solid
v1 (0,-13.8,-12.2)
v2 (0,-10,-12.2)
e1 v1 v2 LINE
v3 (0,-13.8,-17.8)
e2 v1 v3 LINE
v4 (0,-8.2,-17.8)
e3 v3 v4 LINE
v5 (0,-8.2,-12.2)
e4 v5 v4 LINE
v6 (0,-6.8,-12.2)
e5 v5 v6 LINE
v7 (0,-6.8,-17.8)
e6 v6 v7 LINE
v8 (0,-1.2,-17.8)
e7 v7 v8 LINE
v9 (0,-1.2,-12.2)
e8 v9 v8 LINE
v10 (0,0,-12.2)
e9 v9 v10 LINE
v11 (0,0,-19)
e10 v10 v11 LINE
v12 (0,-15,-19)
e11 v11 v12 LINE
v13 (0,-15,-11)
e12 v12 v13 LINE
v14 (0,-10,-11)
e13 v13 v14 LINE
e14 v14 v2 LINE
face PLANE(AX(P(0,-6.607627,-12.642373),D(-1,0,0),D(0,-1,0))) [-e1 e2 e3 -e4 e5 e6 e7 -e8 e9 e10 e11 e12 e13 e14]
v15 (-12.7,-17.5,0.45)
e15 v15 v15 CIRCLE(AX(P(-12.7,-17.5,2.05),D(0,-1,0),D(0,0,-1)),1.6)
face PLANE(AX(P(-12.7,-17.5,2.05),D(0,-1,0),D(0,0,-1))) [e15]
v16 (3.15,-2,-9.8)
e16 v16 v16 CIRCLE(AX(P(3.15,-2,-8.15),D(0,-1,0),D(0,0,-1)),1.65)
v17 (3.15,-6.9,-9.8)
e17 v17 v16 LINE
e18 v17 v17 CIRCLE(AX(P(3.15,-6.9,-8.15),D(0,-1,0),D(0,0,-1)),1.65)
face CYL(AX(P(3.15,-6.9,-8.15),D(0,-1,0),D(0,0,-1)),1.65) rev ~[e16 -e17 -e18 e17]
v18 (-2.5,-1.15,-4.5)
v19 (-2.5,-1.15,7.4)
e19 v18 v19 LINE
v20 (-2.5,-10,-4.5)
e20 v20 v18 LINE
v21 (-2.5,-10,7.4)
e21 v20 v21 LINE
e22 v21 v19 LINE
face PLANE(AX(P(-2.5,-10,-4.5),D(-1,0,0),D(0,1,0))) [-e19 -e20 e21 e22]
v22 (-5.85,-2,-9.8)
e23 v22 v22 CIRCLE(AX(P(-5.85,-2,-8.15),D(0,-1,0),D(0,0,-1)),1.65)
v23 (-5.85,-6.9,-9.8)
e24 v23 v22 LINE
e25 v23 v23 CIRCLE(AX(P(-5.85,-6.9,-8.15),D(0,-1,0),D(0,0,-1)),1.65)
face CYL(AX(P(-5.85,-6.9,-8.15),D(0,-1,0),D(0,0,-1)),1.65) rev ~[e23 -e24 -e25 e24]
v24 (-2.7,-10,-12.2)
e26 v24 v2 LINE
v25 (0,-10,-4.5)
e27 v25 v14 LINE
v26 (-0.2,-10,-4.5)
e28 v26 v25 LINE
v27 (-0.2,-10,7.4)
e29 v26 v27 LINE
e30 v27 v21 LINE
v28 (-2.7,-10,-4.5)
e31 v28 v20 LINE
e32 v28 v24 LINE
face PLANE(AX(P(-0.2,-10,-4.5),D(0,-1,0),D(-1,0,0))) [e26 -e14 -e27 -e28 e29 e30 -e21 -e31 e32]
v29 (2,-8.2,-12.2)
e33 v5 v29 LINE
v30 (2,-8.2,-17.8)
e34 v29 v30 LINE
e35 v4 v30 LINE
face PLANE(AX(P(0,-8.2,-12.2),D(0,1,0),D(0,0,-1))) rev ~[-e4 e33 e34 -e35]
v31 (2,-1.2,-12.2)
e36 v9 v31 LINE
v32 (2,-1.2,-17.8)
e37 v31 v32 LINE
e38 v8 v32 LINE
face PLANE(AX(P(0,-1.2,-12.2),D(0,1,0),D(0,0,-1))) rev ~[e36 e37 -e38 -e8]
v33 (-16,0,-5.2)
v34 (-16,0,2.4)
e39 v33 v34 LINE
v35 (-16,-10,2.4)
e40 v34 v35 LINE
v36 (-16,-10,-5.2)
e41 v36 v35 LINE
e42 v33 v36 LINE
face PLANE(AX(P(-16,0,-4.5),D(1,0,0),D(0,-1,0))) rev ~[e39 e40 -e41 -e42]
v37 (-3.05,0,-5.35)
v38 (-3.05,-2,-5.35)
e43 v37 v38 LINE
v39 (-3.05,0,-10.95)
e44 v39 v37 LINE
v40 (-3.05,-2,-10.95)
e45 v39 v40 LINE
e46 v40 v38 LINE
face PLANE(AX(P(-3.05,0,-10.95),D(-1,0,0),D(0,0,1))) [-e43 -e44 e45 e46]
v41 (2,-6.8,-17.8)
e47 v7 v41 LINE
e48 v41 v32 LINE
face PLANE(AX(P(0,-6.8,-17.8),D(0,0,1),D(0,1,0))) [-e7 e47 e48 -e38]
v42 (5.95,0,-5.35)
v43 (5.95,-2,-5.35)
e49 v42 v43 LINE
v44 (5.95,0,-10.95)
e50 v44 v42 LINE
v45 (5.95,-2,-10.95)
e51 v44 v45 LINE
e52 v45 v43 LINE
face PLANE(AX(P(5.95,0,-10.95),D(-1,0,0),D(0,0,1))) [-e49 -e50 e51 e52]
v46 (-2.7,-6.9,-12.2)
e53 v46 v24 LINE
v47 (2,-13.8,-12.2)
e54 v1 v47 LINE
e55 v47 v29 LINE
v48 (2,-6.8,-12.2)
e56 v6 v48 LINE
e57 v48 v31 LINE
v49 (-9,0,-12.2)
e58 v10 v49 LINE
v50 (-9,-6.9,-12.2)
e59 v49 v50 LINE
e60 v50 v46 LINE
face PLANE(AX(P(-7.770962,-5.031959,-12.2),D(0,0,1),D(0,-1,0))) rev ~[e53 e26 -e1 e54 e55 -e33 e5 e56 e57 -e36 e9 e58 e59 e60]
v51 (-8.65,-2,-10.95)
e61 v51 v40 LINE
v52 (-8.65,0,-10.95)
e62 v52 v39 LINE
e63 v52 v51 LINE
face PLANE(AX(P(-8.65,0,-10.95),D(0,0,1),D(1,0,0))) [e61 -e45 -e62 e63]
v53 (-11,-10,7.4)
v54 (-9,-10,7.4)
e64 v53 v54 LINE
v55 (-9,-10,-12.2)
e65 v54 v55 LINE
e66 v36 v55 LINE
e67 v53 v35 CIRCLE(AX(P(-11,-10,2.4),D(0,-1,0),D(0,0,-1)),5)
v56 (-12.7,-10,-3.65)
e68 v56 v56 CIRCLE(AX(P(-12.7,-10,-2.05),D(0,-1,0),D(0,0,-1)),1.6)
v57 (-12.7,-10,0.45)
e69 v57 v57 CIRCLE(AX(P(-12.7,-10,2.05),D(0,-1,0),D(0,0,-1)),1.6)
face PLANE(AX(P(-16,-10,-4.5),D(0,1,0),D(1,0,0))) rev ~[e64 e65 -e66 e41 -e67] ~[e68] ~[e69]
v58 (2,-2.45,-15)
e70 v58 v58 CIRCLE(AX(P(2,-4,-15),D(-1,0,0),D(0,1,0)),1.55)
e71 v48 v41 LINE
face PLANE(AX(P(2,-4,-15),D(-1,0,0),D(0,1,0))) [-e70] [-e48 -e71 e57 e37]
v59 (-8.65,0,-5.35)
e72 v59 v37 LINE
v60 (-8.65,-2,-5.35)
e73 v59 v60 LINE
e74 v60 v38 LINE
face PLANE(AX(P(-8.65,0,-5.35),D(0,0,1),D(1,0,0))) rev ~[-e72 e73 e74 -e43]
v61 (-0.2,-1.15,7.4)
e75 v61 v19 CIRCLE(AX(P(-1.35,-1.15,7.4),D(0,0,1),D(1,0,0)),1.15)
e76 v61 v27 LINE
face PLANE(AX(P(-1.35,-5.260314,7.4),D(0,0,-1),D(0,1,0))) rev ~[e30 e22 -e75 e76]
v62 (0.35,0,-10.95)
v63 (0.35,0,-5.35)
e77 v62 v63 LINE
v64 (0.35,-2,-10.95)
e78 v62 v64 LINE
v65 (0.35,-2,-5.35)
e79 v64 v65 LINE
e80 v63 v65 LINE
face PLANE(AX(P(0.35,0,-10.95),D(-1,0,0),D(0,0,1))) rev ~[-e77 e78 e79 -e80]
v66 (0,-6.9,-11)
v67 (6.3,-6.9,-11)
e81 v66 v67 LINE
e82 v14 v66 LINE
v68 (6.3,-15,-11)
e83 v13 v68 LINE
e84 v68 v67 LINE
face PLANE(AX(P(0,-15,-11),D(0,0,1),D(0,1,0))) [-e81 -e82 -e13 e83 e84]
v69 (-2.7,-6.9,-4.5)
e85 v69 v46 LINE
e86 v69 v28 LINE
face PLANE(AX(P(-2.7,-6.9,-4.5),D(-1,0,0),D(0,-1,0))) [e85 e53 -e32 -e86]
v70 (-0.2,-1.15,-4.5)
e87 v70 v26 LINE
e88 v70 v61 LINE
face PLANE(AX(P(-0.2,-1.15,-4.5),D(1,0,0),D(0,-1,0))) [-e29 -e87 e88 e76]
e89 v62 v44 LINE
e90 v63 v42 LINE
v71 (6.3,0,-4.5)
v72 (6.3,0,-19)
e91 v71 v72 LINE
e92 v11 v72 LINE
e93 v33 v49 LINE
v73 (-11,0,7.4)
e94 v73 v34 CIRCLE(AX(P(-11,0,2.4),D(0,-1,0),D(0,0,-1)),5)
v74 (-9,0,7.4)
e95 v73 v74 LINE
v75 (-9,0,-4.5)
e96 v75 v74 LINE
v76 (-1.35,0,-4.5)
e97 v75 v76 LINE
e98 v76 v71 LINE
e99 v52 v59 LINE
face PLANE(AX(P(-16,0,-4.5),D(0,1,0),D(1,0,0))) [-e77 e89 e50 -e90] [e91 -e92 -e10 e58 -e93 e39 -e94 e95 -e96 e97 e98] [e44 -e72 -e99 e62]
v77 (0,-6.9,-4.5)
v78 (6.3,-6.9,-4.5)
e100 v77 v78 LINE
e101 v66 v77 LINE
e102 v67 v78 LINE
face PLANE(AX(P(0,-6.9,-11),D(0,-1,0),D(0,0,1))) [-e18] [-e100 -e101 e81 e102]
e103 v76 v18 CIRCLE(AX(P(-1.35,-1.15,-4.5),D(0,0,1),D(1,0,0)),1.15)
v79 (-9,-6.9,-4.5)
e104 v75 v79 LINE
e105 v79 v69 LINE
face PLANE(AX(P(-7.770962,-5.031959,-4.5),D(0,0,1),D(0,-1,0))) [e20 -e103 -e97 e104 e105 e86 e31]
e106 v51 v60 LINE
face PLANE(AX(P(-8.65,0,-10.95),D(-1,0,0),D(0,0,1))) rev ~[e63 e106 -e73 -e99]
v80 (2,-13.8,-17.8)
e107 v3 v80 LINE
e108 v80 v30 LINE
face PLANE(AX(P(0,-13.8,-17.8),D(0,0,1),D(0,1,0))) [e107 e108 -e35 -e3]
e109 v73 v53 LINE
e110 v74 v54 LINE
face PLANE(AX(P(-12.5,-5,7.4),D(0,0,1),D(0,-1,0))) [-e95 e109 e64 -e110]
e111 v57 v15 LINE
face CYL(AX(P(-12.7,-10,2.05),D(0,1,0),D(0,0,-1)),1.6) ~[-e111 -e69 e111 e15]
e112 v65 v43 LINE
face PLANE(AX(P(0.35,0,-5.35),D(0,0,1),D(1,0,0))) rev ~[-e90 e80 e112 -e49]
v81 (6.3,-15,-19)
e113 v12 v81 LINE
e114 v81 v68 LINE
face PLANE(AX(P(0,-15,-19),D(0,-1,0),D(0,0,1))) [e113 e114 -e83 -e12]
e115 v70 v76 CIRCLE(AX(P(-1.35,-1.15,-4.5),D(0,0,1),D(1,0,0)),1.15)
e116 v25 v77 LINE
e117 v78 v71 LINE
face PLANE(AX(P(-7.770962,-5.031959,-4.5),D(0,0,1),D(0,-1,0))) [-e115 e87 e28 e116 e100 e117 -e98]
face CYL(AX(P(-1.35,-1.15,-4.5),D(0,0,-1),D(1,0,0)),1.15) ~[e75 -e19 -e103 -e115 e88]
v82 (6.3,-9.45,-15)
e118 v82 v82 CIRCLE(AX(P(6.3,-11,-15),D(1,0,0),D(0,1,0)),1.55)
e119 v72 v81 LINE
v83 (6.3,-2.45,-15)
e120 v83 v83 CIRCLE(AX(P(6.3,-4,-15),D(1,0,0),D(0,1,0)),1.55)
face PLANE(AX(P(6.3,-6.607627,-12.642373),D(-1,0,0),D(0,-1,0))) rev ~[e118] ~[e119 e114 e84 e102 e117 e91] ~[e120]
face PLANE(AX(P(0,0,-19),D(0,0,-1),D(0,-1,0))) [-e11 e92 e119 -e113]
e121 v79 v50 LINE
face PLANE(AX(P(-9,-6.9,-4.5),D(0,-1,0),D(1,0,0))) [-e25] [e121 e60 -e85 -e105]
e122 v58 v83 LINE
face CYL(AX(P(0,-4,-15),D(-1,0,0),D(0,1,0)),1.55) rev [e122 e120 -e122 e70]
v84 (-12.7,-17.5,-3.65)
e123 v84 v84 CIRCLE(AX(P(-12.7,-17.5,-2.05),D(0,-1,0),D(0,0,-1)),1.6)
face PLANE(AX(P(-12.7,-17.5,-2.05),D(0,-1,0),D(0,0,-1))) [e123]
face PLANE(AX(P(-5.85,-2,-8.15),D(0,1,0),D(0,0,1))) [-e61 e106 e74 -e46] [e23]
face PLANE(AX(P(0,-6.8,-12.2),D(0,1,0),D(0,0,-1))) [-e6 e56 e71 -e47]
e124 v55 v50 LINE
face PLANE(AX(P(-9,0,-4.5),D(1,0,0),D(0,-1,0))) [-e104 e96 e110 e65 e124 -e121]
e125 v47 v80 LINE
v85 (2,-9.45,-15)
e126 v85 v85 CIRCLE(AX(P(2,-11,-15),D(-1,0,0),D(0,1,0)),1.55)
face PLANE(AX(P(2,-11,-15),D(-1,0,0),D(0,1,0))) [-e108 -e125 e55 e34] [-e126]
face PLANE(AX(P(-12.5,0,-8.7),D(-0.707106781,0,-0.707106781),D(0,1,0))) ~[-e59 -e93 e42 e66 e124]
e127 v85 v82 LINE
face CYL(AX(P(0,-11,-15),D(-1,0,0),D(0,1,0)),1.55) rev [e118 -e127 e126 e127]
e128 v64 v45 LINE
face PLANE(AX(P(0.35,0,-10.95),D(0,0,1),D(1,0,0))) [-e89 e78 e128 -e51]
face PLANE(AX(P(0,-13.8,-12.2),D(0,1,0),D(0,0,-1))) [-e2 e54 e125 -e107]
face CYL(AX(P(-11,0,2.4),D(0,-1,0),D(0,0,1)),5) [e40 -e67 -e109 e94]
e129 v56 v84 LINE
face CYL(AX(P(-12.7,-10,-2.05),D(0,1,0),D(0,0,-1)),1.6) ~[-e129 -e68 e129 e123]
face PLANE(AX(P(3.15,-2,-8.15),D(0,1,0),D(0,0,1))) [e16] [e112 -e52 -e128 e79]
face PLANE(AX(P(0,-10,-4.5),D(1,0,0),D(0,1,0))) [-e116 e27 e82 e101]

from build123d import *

# Parameters (mm, degrees)
SKETCH_R        = 1.55
PAD_DEPTH       = 6.3
SKETCH002_W     = 5.6
SKETCH002_H     = 5.6
POCKET_DEPTH    = 2
PAD001_DEPTH    = 7.7
SKETCH003_R     = 1.65
POCKET001_DEPTH = 6.901
SKETCH004_W     = 5.6
SKETCH004_H     = 5.6
POCKET002_DEPTH = 2
SKETCH005_W     = 10
SKETCH005_H     = 7
PAD002_DEPTH    = 11.9
SKETCH006_R     = 1.6
PAD003_DEPTH    = 7.5
PAD004_DEPTH    = 11.9
FILLET_R        = 5
CHAMFER_SIZE    = 7


with BuildPart() as part:
    # Sketch → Pad (new body)
    with BuildSketch(Plane.YZ):
        Polygon((-6.9, -4.5), (0, -4.5), (0, -19), (-15, -19), (-15, -11), (-6.9, -11), align=None)
        with Locations((-11, -15)):
            Circle(SKETCH_R, mode=Mode.SUBTRACT)
        with Locations((-4, -15)):
            Circle(SKETCH_R, mode=Mode.SUBTRACT)
    extrude(amount=PAD_DEPTH)

    # Sketch002 (on Face9 of Pad) → Pocket (cut)
    with BuildSketch(Plane(origin=(0, 0, 0), x_dir=(0, 1, 0), z_dir=(-1, 0, 0))):
        with Locations((-4, 15)):
            Rectangle(SKETCH002_W, SKETCH002_H)
        with Locations((-11, 15)):
            Rectangle(SKETCH002_W, SKETCH002_H)
    extrude(amount=-POCKET_DEPTH, mode=Mode.SUBTRACT)

    # Sketch001 (on Face1 of Pad) → Pad001 (join)
    with BuildSketch(Plane(origin=(0, 0, -4.5), x_dir=(0, -1, 0), z_dir=(0, 0, 1))):
        Polygon((0, 0), (0, -16), (10, -16), (10, -9), (6.9, -9), (6.9, -2.7), (10, -2.7), (10, 0), align=None)
    extrude(amount=-PAD001_DEPTH)

    # Sketch003 (on Face1 of Pad001) → Pocket001 (cut, through all)
    with BuildSketch(Plane(origin=(0, -6.9, 0), x_dir=(0, 0, -1), z_dir=(0, -1, 0))):
        with Locations((8.15, -5.85)):
            Circle(SKETCH003_R)
        with Locations((8.15, 3.15)):
            Circle(SKETCH003_R)
    extrude(amount=-POCKET001_DEPTH, mode=Mode.SUBTRACT)

    # Sketch004 (on Face10 of Pocket001) → Pocket002 (cut)
    with BuildSketch(Plane.ZX):
        with Locations((-8.15, 3.15)):
            Rectangle(SKETCH004_W, SKETCH004_H)
        with Locations((-8.15, -5.85)):
            Rectangle(SKETCH004_W, SKETCH004_H)
    extrude(amount=-POCKET002_DEPTH, mode=Mode.SUBTRACT)

    # Sketch005 (on Face5 of Pocket002) → Pad002 (join)
    with BuildSketch(Plane(origin=(0, 0, -4.5), x_dir=(0, -1, 0), z_dir=(0, 0, 1))):
        with Locations((5, -12.5)):
            Rectangle(SKETCH005_W, SKETCH005_H)
    extrude(amount=PAD002_DEPTH)

    # Sketch006 (on Face35 of Pad002) → Pad003 (join)
    with BuildSketch(Plane(origin=(0, -10, 0), x_dir=(0, 0, -1), z_dir=(0, -1, 0))):
        with Locations((-2.05, -12.7)):
            Circle(SKETCH006_R)
        with Locations((2.05, -12.7)):
            Circle(SKETCH006_R)
    extrude(amount=PAD003_DEPTH)

    # Sketch007 (on Face7 of Pad003) → Pad004 (join)
    with BuildSketch(Plane(origin=(0, 0, -4.5), x_dir=(0, -1, 0), z_dir=(0, 0, 1))):
        with BuildLine():
            Line((10, -2.5), (1.15, -2.5))
            ThreePointArc((1.15, -0.2), (0, -1.35), (1.15, -2.5))
            Line((1.15, -0.2), (10, -0.2))
            Line((10, -0.2), (10, -2.5))
        make_face()
    extrude(amount=PAD004_DEPTH)

    # Fillet
    fillet_edges = [part.edges().sort_by_distance(p)[0] for p in [
        (-16, -5, 7.4),
    ]]
    fillet(fillet_edges, radius=FILLET_R)

    # Chamfer
    chamfer_edges = [part.edges().sort_by_distance(p)[0] for p in [
        (-16, -5, -12.2),
    ]]
    chamfer(chamfer_edges, length=CHAMFER_SIZE)


solid = part.part
